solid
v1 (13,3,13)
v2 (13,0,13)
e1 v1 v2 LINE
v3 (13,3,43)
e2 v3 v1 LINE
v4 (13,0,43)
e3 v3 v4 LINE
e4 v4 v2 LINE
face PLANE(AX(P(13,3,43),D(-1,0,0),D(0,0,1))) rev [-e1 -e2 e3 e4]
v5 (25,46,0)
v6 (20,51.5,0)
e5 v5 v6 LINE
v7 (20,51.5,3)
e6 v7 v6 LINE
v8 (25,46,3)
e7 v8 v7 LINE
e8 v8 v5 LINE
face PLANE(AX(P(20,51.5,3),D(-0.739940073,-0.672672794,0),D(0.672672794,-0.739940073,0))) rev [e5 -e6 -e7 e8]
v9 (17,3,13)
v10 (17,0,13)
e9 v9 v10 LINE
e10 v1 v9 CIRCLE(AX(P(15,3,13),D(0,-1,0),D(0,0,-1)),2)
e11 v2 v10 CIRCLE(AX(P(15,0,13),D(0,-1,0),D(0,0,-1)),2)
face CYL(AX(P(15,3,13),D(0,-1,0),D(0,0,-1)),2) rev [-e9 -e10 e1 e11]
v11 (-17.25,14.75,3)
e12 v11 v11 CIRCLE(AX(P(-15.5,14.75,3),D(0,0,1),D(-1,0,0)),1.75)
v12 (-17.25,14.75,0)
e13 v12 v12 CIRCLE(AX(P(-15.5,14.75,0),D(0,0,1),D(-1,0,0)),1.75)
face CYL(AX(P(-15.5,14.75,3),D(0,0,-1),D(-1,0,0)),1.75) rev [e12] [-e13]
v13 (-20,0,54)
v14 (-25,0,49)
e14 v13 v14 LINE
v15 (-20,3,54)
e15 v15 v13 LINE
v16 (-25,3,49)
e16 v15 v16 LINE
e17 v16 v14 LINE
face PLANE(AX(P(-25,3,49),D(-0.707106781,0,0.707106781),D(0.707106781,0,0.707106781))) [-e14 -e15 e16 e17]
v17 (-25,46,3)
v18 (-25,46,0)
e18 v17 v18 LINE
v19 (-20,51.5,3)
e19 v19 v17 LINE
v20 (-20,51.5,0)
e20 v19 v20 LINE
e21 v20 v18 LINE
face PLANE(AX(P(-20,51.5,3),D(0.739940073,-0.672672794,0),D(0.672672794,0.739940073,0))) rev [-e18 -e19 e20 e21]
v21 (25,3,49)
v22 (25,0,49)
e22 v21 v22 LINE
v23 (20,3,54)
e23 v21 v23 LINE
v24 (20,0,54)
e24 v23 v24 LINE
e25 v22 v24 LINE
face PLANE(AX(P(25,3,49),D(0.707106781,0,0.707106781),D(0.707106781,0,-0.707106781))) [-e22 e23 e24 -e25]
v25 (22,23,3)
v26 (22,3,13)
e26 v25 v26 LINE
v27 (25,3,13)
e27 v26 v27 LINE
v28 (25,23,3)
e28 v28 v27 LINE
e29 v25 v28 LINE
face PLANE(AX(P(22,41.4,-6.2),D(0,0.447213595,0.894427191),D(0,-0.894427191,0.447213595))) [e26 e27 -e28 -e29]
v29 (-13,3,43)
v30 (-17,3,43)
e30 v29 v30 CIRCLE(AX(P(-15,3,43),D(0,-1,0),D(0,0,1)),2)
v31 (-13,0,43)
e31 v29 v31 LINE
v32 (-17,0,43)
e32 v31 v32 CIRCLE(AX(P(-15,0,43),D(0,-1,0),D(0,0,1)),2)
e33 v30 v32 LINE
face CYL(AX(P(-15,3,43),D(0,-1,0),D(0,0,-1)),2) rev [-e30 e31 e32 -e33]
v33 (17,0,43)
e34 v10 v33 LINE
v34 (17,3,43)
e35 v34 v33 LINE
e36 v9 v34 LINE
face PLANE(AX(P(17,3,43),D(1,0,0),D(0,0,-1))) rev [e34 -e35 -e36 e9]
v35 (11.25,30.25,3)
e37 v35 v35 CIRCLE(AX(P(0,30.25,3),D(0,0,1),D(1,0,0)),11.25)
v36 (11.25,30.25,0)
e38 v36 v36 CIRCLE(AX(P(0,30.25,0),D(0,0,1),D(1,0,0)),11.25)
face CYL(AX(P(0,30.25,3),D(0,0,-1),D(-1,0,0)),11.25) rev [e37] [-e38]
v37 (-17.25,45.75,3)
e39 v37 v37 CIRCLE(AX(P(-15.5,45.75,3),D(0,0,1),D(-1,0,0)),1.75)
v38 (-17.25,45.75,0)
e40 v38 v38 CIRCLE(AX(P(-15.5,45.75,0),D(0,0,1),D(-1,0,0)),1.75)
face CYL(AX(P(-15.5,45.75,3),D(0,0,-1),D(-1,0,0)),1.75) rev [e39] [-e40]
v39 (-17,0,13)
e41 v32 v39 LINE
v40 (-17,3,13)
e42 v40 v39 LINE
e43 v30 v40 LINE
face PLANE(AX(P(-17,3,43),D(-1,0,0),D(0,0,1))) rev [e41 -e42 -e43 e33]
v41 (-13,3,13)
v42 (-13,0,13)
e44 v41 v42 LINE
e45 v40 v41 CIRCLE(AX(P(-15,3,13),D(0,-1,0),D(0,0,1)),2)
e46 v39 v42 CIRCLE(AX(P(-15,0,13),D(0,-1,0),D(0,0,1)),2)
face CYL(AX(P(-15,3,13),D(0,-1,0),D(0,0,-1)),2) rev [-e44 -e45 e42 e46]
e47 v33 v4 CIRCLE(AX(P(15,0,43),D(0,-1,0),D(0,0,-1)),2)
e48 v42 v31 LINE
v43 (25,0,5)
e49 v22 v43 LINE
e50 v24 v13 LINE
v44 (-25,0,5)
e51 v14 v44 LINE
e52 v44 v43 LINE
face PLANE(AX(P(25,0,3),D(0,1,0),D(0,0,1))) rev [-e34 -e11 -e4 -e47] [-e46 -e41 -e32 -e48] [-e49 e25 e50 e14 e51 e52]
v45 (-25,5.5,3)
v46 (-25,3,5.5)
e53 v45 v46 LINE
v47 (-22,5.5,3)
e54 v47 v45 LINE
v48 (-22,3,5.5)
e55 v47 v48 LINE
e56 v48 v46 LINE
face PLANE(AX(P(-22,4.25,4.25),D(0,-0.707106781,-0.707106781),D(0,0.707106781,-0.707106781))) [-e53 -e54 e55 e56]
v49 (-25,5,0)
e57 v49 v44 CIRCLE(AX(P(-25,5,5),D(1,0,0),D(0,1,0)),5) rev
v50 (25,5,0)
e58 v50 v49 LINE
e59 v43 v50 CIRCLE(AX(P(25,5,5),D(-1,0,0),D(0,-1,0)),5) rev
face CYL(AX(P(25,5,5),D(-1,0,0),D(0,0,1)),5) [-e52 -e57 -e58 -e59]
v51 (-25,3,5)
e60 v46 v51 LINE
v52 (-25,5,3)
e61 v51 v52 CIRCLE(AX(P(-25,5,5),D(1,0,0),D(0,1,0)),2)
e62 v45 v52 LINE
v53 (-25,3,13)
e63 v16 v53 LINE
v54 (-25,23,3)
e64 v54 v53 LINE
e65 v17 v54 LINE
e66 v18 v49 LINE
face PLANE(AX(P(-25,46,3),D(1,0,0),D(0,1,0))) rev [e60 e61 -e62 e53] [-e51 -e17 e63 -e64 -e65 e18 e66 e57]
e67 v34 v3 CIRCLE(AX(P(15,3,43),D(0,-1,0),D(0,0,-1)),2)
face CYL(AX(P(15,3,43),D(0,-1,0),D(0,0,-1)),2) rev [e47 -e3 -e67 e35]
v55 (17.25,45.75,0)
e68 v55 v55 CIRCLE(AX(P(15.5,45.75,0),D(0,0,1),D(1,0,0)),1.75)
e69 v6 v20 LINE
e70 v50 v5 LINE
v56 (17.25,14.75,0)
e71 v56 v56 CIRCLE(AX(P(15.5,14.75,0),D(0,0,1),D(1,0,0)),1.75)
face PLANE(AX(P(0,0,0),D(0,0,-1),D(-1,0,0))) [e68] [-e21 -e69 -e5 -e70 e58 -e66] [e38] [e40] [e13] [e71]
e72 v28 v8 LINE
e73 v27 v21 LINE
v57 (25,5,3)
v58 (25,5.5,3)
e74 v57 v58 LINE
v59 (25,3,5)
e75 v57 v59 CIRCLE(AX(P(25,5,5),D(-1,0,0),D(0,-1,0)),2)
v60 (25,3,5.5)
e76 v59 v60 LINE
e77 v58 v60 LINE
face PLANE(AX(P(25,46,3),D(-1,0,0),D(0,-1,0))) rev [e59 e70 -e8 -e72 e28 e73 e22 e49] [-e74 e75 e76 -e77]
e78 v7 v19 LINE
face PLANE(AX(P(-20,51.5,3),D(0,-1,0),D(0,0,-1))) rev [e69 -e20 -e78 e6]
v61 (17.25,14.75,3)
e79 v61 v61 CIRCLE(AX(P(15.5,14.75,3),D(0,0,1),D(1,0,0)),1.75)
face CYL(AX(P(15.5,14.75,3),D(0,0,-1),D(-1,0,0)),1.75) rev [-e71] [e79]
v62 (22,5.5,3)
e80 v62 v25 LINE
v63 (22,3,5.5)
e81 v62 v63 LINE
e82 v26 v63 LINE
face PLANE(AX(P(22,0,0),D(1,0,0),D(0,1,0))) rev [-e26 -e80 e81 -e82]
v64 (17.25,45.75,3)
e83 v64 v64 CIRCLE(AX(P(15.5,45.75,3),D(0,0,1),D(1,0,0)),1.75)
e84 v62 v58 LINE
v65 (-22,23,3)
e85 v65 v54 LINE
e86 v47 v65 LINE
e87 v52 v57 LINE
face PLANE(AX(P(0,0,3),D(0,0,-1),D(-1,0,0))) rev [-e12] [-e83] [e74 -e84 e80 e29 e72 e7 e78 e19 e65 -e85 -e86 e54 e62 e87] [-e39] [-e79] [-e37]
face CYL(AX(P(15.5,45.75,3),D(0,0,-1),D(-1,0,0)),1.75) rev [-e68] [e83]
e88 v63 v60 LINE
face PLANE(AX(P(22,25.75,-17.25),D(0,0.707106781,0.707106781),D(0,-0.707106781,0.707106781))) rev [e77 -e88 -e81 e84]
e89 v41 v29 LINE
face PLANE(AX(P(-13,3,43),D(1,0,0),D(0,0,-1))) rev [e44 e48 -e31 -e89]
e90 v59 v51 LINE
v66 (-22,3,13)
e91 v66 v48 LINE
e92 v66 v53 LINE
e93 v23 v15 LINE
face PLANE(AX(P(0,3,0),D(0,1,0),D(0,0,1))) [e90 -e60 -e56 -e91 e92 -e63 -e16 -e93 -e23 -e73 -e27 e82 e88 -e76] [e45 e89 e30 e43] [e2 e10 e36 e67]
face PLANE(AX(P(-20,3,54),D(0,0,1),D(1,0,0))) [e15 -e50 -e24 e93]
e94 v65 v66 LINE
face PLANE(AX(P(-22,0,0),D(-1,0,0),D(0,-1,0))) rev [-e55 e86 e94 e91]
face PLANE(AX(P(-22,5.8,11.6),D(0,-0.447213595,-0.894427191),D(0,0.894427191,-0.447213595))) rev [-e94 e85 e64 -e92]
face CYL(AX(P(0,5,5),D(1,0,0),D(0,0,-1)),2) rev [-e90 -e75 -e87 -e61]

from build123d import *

# Parameters (mm, degrees)
ESQUISSE1_R        = 11.25
ESQUISSE1_R_2      = 1.75
BOSS_EXTRU_1_DEPTH = 3
BOSS_EXTRU_2_DEPTH = 3
CONG_1_R           = 2
CONG_2_R           = 5
BOSS_EXTRU_3_DEPTH = 3
BOSS_EXTRU_4_START = -50
BOSS_EXTRU_4_DEPTH = 3


with BuildPart() as part:
    # Esquisse1 → Boss.-Extru.1 (new body)
    with BuildSketch(Plane.XY):
        Polygon((-20, 51.5), (20, 51.5), (25, 46), (25, 0), (-25, 0), (-25, 46), align=None)
        with Locations((0, 30.25)):
            Circle(ESQUISSE1_R, mode=Mode.SUBTRACT)
        with Locations((15.5, 45.75)):
            Circle(ESQUISSE1_R_2, mode=Mode.SUBTRACT)
        with Locations((15.5, 14.75)):
            Circle(ESQUISSE1_R_2, mode=Mode.SUBTRACT)
        with Locations((-15.5, 14.75)):
            Circle(ESQUISSE1_R_2, mode=Mode.SUBTRACT)
        with Locations((-15.5, 45.75)):
            Circle(ESQUISSE1_R_2, mode=Mode.SUBTRACT)
    extrude(amount=BOSS_EXTRU_1_DEPTH)

    # Esquisse2 → Boss.-Extru.2 (add)
    with BuildSketch(Plane.XZ):
        Polygon((-20, 54), (20, 54), (25, 49), (25, 0), (-25, 0), (-25, 49), align=None)
        with BuildLine():
            Line((17, 43), (17, 13))
            ThreePointArc((17, 13), (15, 11), (13, 13))
            Line((13, 13), (13, 43))
            ThreePointArc((13, 43), (15, 45), (17, 43))
        make_face(mode=Mode.SUBTRACT)
        with BuildLine():
            Line((-17, 43), (-17, 13))
            ThreePointArc((-17, 13), (-15, 11), (-13, 13))
            Line((-13, 13), (-13, 43))
            ThreePointArc((-13, 43), (-15, 45), (-17, 43))
        make_face(mode=Mode.SUBTRACT)
    extrude(amount=-BOSS_EXTRU_2_DEPTH)

    # Congé1
    cong_1_edges = [part.edges().sort_by_distance(p)[0] for p in [
        (0, 3, 3),
    ]]
    fillet(cong_1_edges, radius=CONG_1_R)

    # Congé2
    cong_2_edges = [part.edges().sort_by_distance(p)[0] for p in [
        (0, 0, 0),
    ]]
    fillet(cong_2_edges, radius=CONG_2_R)

    # Esquisse3 → Boss.-Extru.3 (add)
    with BuildSketch(Plane.ZY.offset(25)):
        Polygon((13, 3), (3, 23), (3, 5.5), (5.5, 3), align=None)
    extrude(amount=-BOSS_EXTRU_3_DEPTH)

    # Esquisse3<3> → Boss.-Extru.4 (add)
    with BuildSketch(Plane.ZY.offset(25).offset(BOSS_EXTRU_4_START)):
        Polygon((13, 3), (3, 23), (3, 5.5), (5.5, 3), align=None)
    extrude(amount=BOSS_EXTRU_4_DEPTH)


solid = part.part
